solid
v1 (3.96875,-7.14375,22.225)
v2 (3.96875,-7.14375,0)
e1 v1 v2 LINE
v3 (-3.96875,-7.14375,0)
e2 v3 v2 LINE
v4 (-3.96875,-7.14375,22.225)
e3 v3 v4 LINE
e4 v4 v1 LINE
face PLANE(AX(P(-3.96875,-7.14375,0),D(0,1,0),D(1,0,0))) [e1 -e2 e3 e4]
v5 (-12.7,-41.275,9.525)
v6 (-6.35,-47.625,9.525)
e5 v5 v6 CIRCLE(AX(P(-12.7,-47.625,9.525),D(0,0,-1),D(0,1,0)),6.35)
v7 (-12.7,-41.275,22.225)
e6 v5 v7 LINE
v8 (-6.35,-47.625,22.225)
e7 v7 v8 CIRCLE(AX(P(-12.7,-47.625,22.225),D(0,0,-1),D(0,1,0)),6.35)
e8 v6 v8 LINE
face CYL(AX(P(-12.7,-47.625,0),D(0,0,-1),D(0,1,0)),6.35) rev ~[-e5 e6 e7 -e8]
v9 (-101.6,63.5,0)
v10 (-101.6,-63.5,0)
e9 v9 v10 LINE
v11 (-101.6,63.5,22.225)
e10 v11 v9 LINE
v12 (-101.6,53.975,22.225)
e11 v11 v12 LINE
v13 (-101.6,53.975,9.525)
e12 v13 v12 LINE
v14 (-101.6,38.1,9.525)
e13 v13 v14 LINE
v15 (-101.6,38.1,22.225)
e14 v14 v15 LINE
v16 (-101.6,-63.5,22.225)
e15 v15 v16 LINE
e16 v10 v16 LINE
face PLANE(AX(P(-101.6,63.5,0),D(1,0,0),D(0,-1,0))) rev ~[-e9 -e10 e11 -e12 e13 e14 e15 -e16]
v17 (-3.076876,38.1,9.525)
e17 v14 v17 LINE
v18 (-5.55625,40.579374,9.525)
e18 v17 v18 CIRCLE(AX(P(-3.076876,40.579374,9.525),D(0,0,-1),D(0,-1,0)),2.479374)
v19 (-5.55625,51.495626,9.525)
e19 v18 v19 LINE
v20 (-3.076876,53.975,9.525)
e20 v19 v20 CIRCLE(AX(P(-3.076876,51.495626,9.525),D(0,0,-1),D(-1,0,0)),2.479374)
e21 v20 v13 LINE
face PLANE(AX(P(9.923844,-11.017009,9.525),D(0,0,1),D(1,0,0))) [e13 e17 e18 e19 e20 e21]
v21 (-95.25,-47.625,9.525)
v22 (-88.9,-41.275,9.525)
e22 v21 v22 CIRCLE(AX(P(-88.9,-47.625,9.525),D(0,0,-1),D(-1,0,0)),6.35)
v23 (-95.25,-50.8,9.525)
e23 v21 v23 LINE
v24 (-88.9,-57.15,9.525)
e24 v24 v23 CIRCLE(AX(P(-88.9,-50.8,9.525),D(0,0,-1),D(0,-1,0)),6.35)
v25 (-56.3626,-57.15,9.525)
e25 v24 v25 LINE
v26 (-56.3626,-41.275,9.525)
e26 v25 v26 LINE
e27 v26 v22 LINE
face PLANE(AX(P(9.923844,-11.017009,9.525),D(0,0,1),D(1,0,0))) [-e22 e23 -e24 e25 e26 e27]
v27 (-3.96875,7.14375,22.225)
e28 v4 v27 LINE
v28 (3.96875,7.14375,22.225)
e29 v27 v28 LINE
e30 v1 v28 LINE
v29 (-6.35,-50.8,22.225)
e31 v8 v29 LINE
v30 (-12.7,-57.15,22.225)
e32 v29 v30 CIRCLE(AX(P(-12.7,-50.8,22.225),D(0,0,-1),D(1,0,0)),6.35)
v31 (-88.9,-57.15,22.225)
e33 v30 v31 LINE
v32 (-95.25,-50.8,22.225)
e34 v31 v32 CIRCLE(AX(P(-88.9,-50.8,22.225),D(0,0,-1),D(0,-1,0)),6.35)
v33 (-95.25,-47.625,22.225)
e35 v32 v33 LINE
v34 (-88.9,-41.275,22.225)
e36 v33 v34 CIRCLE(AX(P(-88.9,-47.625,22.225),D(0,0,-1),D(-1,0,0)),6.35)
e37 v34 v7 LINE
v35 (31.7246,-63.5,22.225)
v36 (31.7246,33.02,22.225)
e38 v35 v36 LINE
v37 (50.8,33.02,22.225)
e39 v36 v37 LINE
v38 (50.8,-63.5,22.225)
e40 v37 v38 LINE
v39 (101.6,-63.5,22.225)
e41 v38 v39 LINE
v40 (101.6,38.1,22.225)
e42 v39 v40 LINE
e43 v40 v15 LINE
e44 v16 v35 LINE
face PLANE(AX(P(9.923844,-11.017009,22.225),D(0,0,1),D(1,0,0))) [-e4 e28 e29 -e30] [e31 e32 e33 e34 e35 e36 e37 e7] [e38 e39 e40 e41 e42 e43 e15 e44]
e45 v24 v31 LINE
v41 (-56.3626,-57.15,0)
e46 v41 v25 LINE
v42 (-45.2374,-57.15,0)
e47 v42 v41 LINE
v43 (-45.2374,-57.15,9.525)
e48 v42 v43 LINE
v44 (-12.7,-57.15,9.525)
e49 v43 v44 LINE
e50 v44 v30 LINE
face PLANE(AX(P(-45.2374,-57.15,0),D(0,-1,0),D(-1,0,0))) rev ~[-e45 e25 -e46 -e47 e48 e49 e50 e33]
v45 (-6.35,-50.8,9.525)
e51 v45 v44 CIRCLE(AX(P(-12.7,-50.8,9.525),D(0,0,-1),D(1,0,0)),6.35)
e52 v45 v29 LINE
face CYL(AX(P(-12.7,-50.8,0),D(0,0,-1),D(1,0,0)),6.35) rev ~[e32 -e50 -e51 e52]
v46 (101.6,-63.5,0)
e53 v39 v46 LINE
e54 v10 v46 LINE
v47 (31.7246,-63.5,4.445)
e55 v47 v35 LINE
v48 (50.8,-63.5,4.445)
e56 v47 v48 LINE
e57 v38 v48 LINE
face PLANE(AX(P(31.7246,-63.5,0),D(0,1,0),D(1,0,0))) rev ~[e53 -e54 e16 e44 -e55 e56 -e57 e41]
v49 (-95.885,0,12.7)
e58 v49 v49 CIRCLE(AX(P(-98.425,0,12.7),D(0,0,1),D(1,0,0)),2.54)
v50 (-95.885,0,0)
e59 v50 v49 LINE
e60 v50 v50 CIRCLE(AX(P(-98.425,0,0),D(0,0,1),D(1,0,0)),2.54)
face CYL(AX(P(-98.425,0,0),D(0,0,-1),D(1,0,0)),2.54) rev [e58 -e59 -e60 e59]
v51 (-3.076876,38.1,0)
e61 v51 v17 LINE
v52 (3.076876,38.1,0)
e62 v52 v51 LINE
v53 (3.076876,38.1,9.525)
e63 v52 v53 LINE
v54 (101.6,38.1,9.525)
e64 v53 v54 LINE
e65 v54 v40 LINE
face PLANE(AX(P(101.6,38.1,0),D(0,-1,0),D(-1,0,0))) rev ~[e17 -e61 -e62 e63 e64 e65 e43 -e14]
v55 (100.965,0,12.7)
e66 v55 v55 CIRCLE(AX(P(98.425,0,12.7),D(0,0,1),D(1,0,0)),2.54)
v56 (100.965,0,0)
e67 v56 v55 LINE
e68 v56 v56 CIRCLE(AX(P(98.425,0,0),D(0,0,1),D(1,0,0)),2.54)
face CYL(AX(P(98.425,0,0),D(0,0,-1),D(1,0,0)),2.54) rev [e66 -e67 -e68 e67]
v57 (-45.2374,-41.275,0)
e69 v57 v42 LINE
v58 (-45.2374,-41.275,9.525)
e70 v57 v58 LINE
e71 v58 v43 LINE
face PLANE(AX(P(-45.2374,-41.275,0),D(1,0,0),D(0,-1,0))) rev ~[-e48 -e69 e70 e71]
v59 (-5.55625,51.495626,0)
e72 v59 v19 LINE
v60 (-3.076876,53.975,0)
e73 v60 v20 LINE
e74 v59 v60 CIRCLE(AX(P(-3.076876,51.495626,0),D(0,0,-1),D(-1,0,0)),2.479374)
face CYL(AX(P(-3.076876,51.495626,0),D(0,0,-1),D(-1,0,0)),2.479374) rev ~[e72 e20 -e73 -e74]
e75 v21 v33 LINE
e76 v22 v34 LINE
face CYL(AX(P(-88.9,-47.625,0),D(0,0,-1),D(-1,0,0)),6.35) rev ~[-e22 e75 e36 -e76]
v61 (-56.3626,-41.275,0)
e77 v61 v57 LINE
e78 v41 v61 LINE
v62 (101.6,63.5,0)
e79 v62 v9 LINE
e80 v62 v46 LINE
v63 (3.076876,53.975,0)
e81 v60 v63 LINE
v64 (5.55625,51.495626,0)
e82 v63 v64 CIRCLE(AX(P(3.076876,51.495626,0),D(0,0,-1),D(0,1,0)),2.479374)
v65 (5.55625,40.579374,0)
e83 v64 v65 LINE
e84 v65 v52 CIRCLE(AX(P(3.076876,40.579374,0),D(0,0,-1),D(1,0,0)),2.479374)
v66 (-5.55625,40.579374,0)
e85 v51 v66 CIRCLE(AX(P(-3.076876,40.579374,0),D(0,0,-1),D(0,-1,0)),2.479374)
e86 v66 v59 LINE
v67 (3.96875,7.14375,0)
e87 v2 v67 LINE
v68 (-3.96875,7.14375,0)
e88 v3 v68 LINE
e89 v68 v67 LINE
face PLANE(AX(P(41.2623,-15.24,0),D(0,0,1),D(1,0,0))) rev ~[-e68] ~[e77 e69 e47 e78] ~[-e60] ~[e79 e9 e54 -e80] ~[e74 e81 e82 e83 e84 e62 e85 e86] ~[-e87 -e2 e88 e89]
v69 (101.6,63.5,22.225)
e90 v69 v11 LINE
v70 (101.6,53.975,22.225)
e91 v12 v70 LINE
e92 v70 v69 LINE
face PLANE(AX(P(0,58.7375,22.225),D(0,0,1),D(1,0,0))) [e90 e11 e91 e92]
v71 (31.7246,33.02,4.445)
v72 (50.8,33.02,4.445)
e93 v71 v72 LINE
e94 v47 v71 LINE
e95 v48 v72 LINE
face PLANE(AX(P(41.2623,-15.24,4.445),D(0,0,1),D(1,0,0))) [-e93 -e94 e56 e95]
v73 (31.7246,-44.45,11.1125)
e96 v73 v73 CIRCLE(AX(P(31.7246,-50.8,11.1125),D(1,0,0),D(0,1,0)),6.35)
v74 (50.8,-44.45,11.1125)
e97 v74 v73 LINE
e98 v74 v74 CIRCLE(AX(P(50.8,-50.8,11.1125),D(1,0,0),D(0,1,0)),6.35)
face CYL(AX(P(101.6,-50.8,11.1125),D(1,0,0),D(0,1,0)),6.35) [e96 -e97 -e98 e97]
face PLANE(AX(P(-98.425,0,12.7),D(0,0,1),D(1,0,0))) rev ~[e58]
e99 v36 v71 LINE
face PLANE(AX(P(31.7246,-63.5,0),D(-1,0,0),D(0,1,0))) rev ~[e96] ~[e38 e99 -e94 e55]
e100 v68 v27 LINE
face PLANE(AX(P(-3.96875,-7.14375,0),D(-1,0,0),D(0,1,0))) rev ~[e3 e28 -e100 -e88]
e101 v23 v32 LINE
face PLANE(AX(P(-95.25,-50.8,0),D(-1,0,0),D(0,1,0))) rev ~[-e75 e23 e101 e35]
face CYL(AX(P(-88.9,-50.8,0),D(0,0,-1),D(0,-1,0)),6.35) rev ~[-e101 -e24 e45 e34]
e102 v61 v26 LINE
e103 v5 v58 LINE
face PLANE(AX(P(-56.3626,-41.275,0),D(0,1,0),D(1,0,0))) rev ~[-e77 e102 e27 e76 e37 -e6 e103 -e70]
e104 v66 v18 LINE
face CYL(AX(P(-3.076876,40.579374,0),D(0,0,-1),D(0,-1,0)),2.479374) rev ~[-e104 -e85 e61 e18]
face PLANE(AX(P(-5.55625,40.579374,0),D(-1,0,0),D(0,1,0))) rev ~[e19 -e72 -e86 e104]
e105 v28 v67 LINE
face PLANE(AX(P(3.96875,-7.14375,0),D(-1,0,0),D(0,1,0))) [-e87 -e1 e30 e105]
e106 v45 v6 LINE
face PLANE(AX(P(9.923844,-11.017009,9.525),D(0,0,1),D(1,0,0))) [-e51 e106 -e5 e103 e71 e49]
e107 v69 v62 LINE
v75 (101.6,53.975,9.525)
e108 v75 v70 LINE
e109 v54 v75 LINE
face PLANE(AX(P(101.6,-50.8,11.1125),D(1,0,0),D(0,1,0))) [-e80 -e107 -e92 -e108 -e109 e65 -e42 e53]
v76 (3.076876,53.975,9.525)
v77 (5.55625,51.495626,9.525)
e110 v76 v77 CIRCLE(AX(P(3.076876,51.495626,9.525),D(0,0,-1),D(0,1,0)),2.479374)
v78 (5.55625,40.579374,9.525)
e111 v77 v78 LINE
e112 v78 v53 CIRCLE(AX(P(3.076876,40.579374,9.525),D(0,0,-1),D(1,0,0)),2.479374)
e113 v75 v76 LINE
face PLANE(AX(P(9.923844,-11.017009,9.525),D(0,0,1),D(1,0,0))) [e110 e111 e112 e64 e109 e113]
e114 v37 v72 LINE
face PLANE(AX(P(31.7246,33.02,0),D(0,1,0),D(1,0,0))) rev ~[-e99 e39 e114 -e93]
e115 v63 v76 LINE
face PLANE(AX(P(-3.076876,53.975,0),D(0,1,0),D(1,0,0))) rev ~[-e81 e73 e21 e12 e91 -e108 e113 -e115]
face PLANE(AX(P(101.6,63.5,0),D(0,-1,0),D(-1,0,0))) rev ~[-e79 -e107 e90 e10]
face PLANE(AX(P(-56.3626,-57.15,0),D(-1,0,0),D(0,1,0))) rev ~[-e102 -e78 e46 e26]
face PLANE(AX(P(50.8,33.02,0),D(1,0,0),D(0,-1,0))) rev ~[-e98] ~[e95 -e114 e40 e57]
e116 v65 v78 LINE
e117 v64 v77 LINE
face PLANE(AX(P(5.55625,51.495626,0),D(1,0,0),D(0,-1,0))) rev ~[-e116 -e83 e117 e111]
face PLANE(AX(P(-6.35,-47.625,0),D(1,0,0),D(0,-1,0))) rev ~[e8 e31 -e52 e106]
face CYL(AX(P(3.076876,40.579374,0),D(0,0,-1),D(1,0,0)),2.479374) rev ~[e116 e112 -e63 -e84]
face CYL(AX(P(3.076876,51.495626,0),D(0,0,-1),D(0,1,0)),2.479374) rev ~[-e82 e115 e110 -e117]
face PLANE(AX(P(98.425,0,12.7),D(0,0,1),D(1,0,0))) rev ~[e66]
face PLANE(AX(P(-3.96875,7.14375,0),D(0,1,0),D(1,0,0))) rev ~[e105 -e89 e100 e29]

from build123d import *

# Parameters (mm, degrees)
F0_W     = 7.9375
F0_H     = 14.2875
F1_DEPTH = 9.525
F2_DEPTH = 22.225
F3_R     = 6.35
F4_DEPTH = 80.518
F0_W_2   = 19.0754
F0_H_2   = 96.52
F5_DEPTH = 4.445
F6_R     = 2.54
F7_DEPTH = 12.7


with BuildPart() as f1:
    # F0 (on Top) → F1 (new body)
    with BuildSketch(Plane.XY):
        Polygon((-101.6, 38.1), (-101.6, -63.5), (31.7246, -63.5), (31.7246, 33.02), (50.8, 33.02), (50.8, -63.5), (101.6, -63.5), (101.6, 38.1), (3.0768760622, 38.1), (-3.0768760622, 38.1), align=None)
        with BuildLine():
            Line((-56.3626, -57.15), (-88.9, -57.15))
            ThreePointArc((-88.9, -57.15), (-93.3901280605, -55.2901280605), (-95.25, -50.8))
            Line((-95.25, -50.8), (-95.25, -47.625))
            ThreePointArc((-95.25, -47.625), (-93.3901280605, -43.1348719395), (-88.9, -41.275))
            Line((-88.9, -41.275), (-56.3626, -41.275))
            Line((-56.3626, -41.275), (-45.2374, -41.275))
            Line((-45.2374, -41.275), (-12.7, -41.275))
            ThreePointArc((-12.7, -41.275), (-8.2098719395, -43.1348719395), (-6.35, -47.625))
            Line((-6.35, -47.625), (-6.35, -50.8))
            ThreePointArc((-6.35, -50.8), (-8.2098719395, -55.2901280605), (-12.7, -57.15))
            Line((-12.7, -57.15), (-45.2374, -57.15))
            Line((-45.2374, -57.15), (-56.3626, -57.15))
        make_face(mode=Mode.SUBTRACT)
        Rectangle(F0_W, F0_H, mode=Mode.SUBTRACT)
        Polygon((-101.6, 63.5), (-101.6, 53.975), (-3.0768760622, 53.975), (3.0768760622, 53.975), (101.6, 53.975), (101.6, 63.5), align=None)
        with BuildLine():
            Line((-101.6, 53.975), (-101.6, 38.1))
            Line((-101.6, 38.1), (-3.0768760622, 38.1))
            ThreePointArc((-3.0768760622, 38.1), (-4.8300581867, 38.8261918133), (-5.55625, 40.5793739378))
            Line((-5.55625, 40.5793739378), (-5.55625, 51.4956260622))
            ThreePointArc((-5.55625, 51.4956260622), (-4.8300581867, 53.2488081867), (-3.0768760622, 53.975))
            Line((-3.0768760622, 53.975), (-101.6, 53.975))
        make_face()
        with BuildLine():
            ThreePointArc((5.55625, 40.5793739378), (4.8300581867, 38.8261918133), (3.0768760622, 38.1))
            Line((3.0768760622, 38.1), (101.6, 38.1))
            Line((101.6, 38.1), (101.6, 53.975))
            Line((101.6, 53.975), (3.0768760622, 53.975))
            ThreePointArc((3.0768760622, 53.975), (4.8300581867, 53.2488081867), (5.55625, 51.4956260622))
            Line((5.55625, 51.4956260622), (5.55625, 40.5793739378))
        make_face()
        with BuildLine():
            ThreePointArc((-95.25, -50.8), (-93.3901280605, -55.2901280605), (-88.9, -57.15))
            Line((-88.9, -57.15), (-56.3626, -57.15))
            Line((-56.3626, -57.15), (-56.3626, -41.275))
            Line((-56.3626, -41.275), (-88.9, -41.275))
            ThreePointArc((-88.9, -41.275), (-93.3901280605, -43.1348719395), (-95.25, -47.625))
            Line((-95.25, -47.625), (-95.25, -50.8))
        make_face()
        with BuildLine():
            Line((-45.2374, -41.275), (-45.2374, -57.15))
            Line((-45.2374, -57.15), (-12.7, -57.15))
            ThreePointArc((-12.7, -57.15), (-8.2098719395, -55.2901280605), (-6.35, -50.8))
            Line((-6.35, -50.8), (-6.35, -47.625))
            ThreePointArc((-6.35, -47.625), (-8.2098719395, -43.1348719395), (-12.7, -41.275))
            Line((-12.7, -41.275), (-45.2374, -41.275))
        make_face()
    extrude(amount=F1_DEPTH)

    # F0 (on Top) → F2 (join)
    with BuildSketch(Plane.XY):
        Polygon((-101.6, 63.5), (-101.6, 53.975), (-3.0768760622, 53.975), (3.0768760622, 53.975), (101.6, 53.975), (101.6, 63.5), align=None)
        Polygon((-101.6, 38.1), (-101.6, -63.5), (31.7246, -63.5), (31.7246, 33.02), (50.8, 33.02), (50.8, -63.5), (101.6, -63.5), (101.6, 38.1), (3.0768760622, 38.1), (-3.0768760622, 38.1), align=None)
        with BuildLine():
            Line((-56.3626, -57.15), (-88.9, -57.15))
            ThreePointArc((-88.9, -57.15), (-93.3901280605, -55.2901280605), (-95.25, -50.8))
            Line((-95.25, -50.8), (-95.25, -47.625))
            ThreePointArc((-95.25, -47.625), (-93.3901280605, -43.1348719395), (-88.9, -41.275))
            Line((-88.9, -41.275), (-56.3626, -41.275))
            Line((-56.3626, -41.275), (-45.2374, -41.275))
            Line((-45.2374, -41.275), (-12.7, -41.275))
            ThreePointArc((-12.7, -41.275), (-8.2098719395, -43.1348719395), (-6.35, -47.625))
            Line((-6.35, -47.625), (-6.35, -50.8))
            ThreePointArc((-6.35, -50.8), (-8.2098719395, -55.2901280605), (-12.7, -57.15))
            Line((-12.7, -57.15), (-45.2374, -57.15))
            Line((-45.2374, -57.15), (-56.3626, -57.15))
        make_face(mode=Mode.SUBTRACT)
        Rectangle(F0_W, F0_H, mode=Mode.SUBTRACT)
    extrude(amount=F2_DEPTH)

    # F3 (on face) → F4 (join)
    with BuildSketch(Plane.YZ.offset(101.6)):
        with Locations((-50.8, 11.1125)):
            Circle(F3_R)
    extrude(amount=-F4_DEPTH)

    # F0 (on Top) → F5 (join)
    with BuildSketch(Plane.XY):
        with Locations((41.2623, -15.24)):
            Rectangle(F0_W_2, F0_H_2)
    extrude(amount=F5_DEPTH)

    # F6 (on face) → F7 (cut)
    with BuildSketch(Plane.XY):
        with Locations((-98.425, 0)):
            Circle(F6_R)
        with Locations((98.425, 0)):
            Circle(F6_R)
    extrude(amount=F7_DEPTH, mode=Mode.SUBTRACT)


solid = f1.part
